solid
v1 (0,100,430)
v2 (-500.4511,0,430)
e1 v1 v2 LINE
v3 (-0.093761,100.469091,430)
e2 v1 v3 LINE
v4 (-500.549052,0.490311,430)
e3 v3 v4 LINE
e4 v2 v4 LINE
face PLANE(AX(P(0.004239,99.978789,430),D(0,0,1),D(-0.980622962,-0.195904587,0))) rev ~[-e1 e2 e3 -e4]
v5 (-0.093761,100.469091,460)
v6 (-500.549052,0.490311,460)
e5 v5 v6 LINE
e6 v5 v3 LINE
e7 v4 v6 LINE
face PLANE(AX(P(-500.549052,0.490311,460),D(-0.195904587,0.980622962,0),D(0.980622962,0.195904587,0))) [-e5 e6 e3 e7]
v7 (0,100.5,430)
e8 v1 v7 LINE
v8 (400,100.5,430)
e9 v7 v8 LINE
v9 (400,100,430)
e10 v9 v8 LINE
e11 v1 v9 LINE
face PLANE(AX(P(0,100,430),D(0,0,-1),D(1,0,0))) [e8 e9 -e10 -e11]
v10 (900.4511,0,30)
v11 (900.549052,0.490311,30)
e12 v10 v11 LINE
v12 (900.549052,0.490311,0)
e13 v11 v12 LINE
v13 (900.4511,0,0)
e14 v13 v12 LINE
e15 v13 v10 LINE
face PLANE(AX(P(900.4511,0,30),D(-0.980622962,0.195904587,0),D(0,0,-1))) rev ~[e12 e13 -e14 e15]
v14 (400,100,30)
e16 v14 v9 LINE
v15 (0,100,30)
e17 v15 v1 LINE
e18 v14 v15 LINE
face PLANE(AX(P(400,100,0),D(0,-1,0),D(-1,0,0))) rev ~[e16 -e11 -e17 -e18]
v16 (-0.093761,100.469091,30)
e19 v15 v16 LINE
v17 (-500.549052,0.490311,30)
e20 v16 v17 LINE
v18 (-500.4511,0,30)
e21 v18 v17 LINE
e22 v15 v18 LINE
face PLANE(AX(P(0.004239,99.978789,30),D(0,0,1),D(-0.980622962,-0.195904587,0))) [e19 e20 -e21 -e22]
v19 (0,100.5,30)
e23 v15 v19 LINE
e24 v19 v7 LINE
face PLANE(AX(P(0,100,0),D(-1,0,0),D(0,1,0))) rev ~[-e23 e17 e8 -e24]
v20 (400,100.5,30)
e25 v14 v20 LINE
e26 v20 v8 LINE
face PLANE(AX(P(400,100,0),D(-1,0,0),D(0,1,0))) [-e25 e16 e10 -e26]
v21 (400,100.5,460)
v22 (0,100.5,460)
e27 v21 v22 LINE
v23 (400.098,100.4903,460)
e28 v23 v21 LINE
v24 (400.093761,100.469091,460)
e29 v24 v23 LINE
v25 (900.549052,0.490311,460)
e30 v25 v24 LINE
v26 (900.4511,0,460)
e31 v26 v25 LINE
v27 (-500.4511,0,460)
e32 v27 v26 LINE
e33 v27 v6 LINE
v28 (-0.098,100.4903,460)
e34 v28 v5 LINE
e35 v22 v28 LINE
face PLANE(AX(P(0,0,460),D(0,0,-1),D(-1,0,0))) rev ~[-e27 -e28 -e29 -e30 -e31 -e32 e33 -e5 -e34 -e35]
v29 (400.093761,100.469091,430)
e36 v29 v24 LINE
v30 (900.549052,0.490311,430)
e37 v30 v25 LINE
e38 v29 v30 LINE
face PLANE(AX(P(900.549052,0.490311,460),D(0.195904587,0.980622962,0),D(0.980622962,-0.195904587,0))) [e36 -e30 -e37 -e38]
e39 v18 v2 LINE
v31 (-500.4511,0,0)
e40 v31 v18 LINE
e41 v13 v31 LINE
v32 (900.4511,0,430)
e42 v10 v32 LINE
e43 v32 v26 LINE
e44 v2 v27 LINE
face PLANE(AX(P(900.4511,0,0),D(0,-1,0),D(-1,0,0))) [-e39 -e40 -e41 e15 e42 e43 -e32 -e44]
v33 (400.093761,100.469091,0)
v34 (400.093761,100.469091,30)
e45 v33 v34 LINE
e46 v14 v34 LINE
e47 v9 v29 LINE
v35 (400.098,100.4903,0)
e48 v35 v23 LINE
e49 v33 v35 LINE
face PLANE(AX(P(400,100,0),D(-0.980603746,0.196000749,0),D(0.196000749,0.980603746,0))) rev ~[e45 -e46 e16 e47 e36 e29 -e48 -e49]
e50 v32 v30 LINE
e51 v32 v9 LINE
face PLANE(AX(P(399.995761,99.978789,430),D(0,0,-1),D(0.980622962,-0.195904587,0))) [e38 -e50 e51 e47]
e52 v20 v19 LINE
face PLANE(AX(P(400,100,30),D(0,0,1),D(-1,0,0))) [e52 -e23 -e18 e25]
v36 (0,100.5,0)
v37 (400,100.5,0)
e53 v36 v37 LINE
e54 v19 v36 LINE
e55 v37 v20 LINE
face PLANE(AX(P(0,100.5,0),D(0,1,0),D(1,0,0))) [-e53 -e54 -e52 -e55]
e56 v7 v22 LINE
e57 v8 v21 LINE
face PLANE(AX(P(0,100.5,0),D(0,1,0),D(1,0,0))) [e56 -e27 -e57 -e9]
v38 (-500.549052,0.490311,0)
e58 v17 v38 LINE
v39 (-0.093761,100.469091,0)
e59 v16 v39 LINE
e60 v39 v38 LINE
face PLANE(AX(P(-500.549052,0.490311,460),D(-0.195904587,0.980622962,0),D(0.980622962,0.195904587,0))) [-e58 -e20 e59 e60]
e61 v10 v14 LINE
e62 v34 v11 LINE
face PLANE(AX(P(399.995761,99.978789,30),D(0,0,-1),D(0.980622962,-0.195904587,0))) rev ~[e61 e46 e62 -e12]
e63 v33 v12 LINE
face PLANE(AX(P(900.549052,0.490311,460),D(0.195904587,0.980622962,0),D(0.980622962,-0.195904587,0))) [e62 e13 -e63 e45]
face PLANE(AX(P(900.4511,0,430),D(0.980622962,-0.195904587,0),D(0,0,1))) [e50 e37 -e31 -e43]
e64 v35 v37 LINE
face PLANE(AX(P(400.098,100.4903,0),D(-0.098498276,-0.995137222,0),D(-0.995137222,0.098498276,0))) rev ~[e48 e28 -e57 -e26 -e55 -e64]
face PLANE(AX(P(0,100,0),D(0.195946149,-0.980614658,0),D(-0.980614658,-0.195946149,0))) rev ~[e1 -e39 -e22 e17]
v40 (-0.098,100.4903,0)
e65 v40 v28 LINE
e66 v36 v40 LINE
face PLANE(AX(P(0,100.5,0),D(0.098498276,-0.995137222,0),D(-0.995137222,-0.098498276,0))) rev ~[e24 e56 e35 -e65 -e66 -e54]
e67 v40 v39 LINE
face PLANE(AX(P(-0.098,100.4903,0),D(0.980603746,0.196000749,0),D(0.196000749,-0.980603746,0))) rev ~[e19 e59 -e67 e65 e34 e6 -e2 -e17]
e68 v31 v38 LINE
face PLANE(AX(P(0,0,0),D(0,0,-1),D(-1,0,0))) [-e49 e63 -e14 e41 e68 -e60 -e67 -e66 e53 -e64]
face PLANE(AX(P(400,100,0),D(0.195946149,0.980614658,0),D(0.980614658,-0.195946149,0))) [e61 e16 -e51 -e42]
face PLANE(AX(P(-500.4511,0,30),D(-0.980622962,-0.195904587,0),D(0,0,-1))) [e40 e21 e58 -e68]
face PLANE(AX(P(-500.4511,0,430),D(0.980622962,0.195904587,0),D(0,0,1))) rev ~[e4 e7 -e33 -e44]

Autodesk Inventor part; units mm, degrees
ref_plane "YZ Plane" through (0, 0, 0) normal (1, 0, 0) x (0, 1, 0)
ref_plane "XZ Plane" through (0, 0, 0) normal (0, 1, 0) x (-1, 0, 0)
ref_plane "XY Plane" through (0, 0, 0) normal (0, 0, 1) x (1, 0, 0)
sketch "Sketch1" plane through (0, 0, 0) normal (0, 0, 1) x (1, 0, 0)
  line L0 (0, 0) -> (400, 0)
  line L1 (400, 0) -> (400, 100)
  line L2 (400, 100) -> (0, 100)
  line L3 (0, 100) -> (0, 0)
  line L4 (400, 100) -> (451.0344, 100) construction
  line L5 (0, 100) -> (51.0344, 100) construction
  line L6 (400, 100) -> (900.4511, 0)
  line L7 (400, 100) -> (910.3443, 100) construction
  line L8 (900.4511, 0) -> (400, 0)
  line L9 (0, 100) -> (-500.4511, 0)
  line L10 (0, 100) -> (510.3443, 100) construction
  line L11 (-500.4511, 0) -> (0, 0)
  dimension "d0" = 400
  dimension "d1" = 100
  dimension "d6" = 11.3
  dimension "d7" = 168.7
extrude "Extrusion1" add sketch "Sketch1" along normal blind 460
sketch "Sketch2" plane through (0, 100, 0) normal (0, 1, 0) x (1, 0, 0)
  line L0 (400, 0) -> (400, -460) projected
  line L1 (0, 0) -> (400, 0)
  line L2 (400, 0) -> (400, -30)
  line L3 (400, -30) -> (0, -30)
  line L4 (0, -30) -> (0, 0)
  line L5 (0, 0) -> (0, -460) projected
  line L6 (400, -460) -> (0, -460)
  line L7 (0, -460) -> (0, -430)
  line L8 (0, -430) -> (400, -430)
  line L9 (400, -430) -> (400, -460)
  dimension "d8" = 30
  dimension "d9" = 30
extrude "Extrusion2" add sketch "Sketch2" along normal blind 0.5 contours L0 L3 L4 L1 | L0 L6 L5 L8
sketch "Sketch3" plane through (900.4511, 0, 460) normal (0.1959, 0.9806, 0) x (0.9806, -0.1959, 0)
  line L0 (-1373.7453, 460) -> (0, 460) projected
  line L1 (-510.3443, 430) -> (-902.5902, 430) projected
  line L2 (0, 460) -> (-510.3443, 460)
  line L3 (-510.3443, 460) -> (-510.3443, 430)
  line L4 (-510.3443, 430) -> (0, 430)
  line L5 (0, 430) -> (0, 460)
  line L6 (0, 460) -> (0, 0) projected
  line L7 (-510.3443, 430) -> (-510.3443, 30) projected
  line L8 (0, 0) -> (-510.3443, 0)
  line L9 (-510.3443, 0) -> (-510.3443, 30)
  line L10 (-510.3443, 30) -> (0, 30)
  line L11 (0, 30) -> (0, 0)
  point P0 (-882.9956, 460)
  point P1 (-510.3443, 460)
  dimension "d12" = 30
  dimension "d13" = 510.3443
  dimension "d14" = 30
extrude "Extrusion3" add sketch "Sketch3" along normal blind 0.5 contours L0 L5 L4 L3 | L10 L6 L8 L9
sketch "Sketch4" plane through (-500.4511, 0, 460) normal (-0.1959, 0.9806, 0) x (0.9806, 0.1959, 0)
  line L0 (510.3443, 460) -> (0, 460) projected
  line L1 (902.5902, 430) -> (510.3443, 430) projected
  line L2 (0, 460) -> (510.3443, 460)
  line L3 (510.3443, 460) -> (510.3443, 430)
  line L4 (510.3443, 430) -> (0, 430)
  line L5 (0, 430) -> (0, 460)
  line L6 (510.3443, 0) -> (0, 0) projected
  line L7 (510.3443, 30) -> (902.5902, 30) projected
  line L8 (0, 0) -> (510.3443, 0)
  line L9 (510.3443, 0) -> (510.3443, 30)
  line L10 (510.3443, 30) -> (0, 30)
  line L11 (0, 30) -> (0, 0)
  point P0 (490.7497, 460)
  dimension "d17" = 30
  dimension "d18" = 30
extrude "Extrusion4" add sketch "Sketch4" along normal blind 0.5
sketch "Sketch5" plane through (0, 0, 0) normal (0, 0, -1) x (-1, 0, 0)
  line L0 (0, 100.5) -> (-400, 100.5) projected
  line L1 (500.5491, 0.4903) -> (0.098, 100.4903) projected
  line L2 (0, 100.5) -> (0.098, 100.4903)
  line L3 (500.4511, 0) -> (0, 100) projected
  line L4 (0.098, 100.4903) -> (0, 100)
  line L5 (0, 100) -> (0, 100.5) projected
  line L6 (0, 100) -> (0, 100.5)
  point P0 (0, 0)
extrude "Extrusion5" add sketch "Sketch5" against normal blind 460
sketch "Sketch6" plane through (0, 0, 0) normal (0, 0, -1) x (-1, 0, 0)
  line L0 (-400, 100) -> (-400, 100.5) projected
  line L1 (-400, 100.5) -> (-400, 100)
  line L2 (-400.098, 100.4903) -> (-900.5491, 0.4903) projected
  line L3 (-400, 100) -> (-400.098, 100.4903)
  line L4 (-400, 100.5) -> (0, 100.5) projected
  line L5 (-400.098, 100.4903) -> (-400, 100.5)
  point P0 (0, 0)
extrude "Extrusion6" add sketch "Sketch6" against normal blind 460
properties part number "cad bestanden"
